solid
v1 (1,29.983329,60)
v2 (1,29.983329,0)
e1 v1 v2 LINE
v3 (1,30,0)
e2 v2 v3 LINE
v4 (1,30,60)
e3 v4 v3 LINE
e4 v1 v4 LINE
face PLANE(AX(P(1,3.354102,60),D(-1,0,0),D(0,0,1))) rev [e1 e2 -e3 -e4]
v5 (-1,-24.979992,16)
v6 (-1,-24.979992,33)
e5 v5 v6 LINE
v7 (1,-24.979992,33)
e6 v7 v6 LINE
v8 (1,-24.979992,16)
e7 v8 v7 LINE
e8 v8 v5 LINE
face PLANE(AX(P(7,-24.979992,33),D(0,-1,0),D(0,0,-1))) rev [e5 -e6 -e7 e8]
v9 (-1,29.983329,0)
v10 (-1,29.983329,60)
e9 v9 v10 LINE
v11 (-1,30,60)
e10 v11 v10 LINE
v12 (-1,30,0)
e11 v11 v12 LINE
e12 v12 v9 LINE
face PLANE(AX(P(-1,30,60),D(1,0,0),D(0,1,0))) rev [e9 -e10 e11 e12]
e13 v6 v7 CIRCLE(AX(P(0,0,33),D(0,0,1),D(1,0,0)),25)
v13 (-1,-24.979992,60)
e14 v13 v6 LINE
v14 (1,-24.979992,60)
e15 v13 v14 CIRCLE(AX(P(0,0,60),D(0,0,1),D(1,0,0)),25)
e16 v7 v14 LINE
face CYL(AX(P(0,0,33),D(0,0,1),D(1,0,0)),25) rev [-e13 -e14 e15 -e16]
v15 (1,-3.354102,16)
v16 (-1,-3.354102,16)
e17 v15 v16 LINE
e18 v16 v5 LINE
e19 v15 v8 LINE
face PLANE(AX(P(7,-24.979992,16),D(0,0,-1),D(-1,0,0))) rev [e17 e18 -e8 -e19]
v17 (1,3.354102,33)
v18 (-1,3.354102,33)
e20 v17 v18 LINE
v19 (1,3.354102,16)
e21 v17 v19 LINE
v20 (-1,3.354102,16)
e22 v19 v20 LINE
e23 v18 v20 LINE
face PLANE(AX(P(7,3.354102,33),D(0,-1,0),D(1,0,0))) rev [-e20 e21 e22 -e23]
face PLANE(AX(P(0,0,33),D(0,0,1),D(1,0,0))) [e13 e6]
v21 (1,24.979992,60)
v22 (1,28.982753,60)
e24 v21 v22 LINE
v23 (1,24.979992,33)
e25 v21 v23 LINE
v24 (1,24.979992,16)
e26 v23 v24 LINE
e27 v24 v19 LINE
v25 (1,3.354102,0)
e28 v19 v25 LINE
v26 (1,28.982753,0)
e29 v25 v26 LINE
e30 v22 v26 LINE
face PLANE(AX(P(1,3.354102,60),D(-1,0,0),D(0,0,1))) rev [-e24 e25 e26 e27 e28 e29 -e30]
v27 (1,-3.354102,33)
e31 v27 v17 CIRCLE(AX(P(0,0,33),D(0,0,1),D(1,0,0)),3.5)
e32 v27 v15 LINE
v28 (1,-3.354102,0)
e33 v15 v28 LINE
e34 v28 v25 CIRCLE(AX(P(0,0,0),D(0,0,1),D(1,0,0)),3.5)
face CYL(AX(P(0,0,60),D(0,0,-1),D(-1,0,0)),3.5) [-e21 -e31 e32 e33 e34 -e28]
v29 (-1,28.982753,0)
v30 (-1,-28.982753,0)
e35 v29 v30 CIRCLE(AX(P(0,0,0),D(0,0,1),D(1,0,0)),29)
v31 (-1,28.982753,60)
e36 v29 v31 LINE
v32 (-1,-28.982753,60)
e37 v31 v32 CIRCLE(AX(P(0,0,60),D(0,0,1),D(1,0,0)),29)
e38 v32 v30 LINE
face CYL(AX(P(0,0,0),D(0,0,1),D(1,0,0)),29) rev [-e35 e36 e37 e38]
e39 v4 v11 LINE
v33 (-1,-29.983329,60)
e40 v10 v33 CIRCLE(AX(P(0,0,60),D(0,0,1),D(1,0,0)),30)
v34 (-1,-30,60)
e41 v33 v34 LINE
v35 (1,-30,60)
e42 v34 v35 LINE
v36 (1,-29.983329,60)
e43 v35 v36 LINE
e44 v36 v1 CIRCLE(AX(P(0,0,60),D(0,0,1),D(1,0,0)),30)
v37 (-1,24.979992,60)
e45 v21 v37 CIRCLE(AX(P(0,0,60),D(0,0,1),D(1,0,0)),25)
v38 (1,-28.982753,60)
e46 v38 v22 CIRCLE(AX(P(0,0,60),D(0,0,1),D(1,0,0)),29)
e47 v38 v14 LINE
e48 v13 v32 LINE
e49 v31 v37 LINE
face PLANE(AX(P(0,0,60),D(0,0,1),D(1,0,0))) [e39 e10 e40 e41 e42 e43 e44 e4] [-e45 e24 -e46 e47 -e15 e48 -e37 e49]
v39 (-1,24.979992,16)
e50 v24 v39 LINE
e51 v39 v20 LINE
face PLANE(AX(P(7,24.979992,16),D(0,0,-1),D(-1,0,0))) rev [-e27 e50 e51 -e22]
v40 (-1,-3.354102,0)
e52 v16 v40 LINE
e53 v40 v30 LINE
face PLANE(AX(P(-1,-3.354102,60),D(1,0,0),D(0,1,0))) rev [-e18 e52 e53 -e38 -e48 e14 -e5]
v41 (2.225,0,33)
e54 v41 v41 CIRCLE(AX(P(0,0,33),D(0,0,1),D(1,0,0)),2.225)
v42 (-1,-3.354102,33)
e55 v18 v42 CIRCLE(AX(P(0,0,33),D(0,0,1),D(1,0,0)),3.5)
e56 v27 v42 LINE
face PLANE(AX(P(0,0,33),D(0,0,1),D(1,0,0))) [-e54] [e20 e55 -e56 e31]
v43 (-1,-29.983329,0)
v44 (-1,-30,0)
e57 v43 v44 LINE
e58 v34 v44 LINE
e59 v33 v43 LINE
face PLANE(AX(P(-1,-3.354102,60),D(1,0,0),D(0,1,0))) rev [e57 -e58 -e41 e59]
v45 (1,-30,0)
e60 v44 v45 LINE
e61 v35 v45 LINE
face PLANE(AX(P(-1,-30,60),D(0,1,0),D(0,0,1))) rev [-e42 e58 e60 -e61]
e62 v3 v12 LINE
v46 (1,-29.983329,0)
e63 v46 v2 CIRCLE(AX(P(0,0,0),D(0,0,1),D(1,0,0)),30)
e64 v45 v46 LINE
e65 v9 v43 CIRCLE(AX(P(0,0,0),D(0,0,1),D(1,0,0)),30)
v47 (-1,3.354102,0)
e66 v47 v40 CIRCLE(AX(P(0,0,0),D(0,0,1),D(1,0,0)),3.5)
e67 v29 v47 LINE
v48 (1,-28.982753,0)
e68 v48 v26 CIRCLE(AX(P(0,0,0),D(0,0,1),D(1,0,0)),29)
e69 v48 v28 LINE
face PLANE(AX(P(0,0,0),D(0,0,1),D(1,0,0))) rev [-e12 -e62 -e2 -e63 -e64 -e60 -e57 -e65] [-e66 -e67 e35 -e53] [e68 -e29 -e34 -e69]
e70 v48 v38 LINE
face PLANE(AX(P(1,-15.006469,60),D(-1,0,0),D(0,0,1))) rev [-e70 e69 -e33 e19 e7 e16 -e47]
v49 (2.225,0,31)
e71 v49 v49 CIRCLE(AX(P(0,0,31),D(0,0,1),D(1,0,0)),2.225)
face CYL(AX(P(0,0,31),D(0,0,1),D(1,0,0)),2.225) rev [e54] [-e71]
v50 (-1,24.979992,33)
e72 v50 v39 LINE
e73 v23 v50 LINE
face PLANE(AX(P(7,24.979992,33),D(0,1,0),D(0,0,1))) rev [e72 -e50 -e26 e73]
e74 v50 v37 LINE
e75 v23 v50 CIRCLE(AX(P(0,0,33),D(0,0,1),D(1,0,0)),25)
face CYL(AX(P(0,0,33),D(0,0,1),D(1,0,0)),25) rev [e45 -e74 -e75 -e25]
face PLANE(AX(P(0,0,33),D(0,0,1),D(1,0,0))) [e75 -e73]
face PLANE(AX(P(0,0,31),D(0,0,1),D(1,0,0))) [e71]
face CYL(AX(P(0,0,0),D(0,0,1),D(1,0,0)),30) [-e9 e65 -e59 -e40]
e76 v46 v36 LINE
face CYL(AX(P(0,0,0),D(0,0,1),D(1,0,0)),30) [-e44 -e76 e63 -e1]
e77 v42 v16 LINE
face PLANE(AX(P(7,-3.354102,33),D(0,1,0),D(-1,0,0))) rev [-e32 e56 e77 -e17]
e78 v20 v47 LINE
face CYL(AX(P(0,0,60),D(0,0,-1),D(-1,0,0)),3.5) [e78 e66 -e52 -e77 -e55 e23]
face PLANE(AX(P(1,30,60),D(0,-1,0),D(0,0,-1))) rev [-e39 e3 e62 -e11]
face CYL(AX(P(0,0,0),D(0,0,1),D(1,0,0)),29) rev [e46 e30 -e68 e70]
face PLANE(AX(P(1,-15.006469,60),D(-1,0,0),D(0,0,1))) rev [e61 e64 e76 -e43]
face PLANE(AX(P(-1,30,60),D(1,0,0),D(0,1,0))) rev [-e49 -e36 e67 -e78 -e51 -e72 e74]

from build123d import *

# Parameters (mm, degrees)
BOSS_EXTRU_1_DEPTH      = 60
ESQUISSE2_R             = 30
ESQUISSE2_R_2           = 29
BOSS_EXTRU_2_DEPTH      = 60
ESQUISSE3_R             = 25
ENL_V_MAT_EXTRU_1_DEPTH = 27
ESQUISSE5_W             = 17
ESQUISSE5_H             = 21.625890028
ENL_V_MAT_EXTRU_2_DEPTH = 8
ESQUISSE6_R             = 2.225
ENL_V_MAT_EXTRU_3_DEPTH = 2


with BuildPart() as part:
    # Esquisse1 → Boss.-Extru.1 (new body)
    with BuildSketch(Plane.XY):
        with BuildLine():
            Line((1, -15.006468588), (1, -3.354101966))
            ThreePointArc((1, -3.354101966), (3.5, 0), (1, 3.354101966))
            Line((1, 3.354101966), (1, 30))
            Line((1, 30), (-1, 30))
            Line((-1, 30), (-1, 3.354101966))
            ThreePointArc((-1, 3.354101966), (-3.5, 0), (-1, -3.354101966))
            Line((-1, -3.354101966), (-1, -30))
            Line((-1, -30), (1, -30))
            Line((1, -30), (1, -15.006468588))
        make_face()
    extrude(amount=BOSS_EXTRU_1_DEPTH)

    # Esquisse2 → Boss.-Extru.2 (add)
    with BuildSketch(Plane.XY.offset(60)):
        Circle(ESQUISSE2_R)
        Circle(ESQUISSE2_R_2, mode=Mode.SUBTRACT)
    extrude(amount=-BOSS_EXTRU_2_DEPTH)

    # Esquisse3 → Enlèv. mat.-Extru.1 (cut)
    with BuildSketch(Plane.XY.offset(60)):
        Circle(ESQUISSE3_R)
    extrude(amount=-ENL_V_MAT_EXTRU_1_DEPTH, mode=Mode.SUBTRACT)

    # Esquisse5 → Enlèv. mat.-Extru.2 (cut)
    with BuildSketch(Plane.ZY.offset(1)):
        with Locations((24.5, -14.16704698)):
            Rectangle(ESQUISSE5_W, ESQUISSE5_H)
        with Locations((24.5, 14.16704698)):
            Rectangle(ESQUISSE5_W, ESQUISSE5_H)
    extrude(amount=-ENL_V_MAT_EXTRU_2_DEPTH, mode=Mode.SUBTRACT)

    # Esquisse6 → Enlèv. mat.-Extru.3 (cut)
    with BuildSketch(Plane.XY.offset(33)):
        Circle(ESQUISSE6_R)
    extrude(amount=-ENL_V_MAT_EXTRU_3_DEPTH, mode=Mode.SUBTRACT)


solid = part.part
